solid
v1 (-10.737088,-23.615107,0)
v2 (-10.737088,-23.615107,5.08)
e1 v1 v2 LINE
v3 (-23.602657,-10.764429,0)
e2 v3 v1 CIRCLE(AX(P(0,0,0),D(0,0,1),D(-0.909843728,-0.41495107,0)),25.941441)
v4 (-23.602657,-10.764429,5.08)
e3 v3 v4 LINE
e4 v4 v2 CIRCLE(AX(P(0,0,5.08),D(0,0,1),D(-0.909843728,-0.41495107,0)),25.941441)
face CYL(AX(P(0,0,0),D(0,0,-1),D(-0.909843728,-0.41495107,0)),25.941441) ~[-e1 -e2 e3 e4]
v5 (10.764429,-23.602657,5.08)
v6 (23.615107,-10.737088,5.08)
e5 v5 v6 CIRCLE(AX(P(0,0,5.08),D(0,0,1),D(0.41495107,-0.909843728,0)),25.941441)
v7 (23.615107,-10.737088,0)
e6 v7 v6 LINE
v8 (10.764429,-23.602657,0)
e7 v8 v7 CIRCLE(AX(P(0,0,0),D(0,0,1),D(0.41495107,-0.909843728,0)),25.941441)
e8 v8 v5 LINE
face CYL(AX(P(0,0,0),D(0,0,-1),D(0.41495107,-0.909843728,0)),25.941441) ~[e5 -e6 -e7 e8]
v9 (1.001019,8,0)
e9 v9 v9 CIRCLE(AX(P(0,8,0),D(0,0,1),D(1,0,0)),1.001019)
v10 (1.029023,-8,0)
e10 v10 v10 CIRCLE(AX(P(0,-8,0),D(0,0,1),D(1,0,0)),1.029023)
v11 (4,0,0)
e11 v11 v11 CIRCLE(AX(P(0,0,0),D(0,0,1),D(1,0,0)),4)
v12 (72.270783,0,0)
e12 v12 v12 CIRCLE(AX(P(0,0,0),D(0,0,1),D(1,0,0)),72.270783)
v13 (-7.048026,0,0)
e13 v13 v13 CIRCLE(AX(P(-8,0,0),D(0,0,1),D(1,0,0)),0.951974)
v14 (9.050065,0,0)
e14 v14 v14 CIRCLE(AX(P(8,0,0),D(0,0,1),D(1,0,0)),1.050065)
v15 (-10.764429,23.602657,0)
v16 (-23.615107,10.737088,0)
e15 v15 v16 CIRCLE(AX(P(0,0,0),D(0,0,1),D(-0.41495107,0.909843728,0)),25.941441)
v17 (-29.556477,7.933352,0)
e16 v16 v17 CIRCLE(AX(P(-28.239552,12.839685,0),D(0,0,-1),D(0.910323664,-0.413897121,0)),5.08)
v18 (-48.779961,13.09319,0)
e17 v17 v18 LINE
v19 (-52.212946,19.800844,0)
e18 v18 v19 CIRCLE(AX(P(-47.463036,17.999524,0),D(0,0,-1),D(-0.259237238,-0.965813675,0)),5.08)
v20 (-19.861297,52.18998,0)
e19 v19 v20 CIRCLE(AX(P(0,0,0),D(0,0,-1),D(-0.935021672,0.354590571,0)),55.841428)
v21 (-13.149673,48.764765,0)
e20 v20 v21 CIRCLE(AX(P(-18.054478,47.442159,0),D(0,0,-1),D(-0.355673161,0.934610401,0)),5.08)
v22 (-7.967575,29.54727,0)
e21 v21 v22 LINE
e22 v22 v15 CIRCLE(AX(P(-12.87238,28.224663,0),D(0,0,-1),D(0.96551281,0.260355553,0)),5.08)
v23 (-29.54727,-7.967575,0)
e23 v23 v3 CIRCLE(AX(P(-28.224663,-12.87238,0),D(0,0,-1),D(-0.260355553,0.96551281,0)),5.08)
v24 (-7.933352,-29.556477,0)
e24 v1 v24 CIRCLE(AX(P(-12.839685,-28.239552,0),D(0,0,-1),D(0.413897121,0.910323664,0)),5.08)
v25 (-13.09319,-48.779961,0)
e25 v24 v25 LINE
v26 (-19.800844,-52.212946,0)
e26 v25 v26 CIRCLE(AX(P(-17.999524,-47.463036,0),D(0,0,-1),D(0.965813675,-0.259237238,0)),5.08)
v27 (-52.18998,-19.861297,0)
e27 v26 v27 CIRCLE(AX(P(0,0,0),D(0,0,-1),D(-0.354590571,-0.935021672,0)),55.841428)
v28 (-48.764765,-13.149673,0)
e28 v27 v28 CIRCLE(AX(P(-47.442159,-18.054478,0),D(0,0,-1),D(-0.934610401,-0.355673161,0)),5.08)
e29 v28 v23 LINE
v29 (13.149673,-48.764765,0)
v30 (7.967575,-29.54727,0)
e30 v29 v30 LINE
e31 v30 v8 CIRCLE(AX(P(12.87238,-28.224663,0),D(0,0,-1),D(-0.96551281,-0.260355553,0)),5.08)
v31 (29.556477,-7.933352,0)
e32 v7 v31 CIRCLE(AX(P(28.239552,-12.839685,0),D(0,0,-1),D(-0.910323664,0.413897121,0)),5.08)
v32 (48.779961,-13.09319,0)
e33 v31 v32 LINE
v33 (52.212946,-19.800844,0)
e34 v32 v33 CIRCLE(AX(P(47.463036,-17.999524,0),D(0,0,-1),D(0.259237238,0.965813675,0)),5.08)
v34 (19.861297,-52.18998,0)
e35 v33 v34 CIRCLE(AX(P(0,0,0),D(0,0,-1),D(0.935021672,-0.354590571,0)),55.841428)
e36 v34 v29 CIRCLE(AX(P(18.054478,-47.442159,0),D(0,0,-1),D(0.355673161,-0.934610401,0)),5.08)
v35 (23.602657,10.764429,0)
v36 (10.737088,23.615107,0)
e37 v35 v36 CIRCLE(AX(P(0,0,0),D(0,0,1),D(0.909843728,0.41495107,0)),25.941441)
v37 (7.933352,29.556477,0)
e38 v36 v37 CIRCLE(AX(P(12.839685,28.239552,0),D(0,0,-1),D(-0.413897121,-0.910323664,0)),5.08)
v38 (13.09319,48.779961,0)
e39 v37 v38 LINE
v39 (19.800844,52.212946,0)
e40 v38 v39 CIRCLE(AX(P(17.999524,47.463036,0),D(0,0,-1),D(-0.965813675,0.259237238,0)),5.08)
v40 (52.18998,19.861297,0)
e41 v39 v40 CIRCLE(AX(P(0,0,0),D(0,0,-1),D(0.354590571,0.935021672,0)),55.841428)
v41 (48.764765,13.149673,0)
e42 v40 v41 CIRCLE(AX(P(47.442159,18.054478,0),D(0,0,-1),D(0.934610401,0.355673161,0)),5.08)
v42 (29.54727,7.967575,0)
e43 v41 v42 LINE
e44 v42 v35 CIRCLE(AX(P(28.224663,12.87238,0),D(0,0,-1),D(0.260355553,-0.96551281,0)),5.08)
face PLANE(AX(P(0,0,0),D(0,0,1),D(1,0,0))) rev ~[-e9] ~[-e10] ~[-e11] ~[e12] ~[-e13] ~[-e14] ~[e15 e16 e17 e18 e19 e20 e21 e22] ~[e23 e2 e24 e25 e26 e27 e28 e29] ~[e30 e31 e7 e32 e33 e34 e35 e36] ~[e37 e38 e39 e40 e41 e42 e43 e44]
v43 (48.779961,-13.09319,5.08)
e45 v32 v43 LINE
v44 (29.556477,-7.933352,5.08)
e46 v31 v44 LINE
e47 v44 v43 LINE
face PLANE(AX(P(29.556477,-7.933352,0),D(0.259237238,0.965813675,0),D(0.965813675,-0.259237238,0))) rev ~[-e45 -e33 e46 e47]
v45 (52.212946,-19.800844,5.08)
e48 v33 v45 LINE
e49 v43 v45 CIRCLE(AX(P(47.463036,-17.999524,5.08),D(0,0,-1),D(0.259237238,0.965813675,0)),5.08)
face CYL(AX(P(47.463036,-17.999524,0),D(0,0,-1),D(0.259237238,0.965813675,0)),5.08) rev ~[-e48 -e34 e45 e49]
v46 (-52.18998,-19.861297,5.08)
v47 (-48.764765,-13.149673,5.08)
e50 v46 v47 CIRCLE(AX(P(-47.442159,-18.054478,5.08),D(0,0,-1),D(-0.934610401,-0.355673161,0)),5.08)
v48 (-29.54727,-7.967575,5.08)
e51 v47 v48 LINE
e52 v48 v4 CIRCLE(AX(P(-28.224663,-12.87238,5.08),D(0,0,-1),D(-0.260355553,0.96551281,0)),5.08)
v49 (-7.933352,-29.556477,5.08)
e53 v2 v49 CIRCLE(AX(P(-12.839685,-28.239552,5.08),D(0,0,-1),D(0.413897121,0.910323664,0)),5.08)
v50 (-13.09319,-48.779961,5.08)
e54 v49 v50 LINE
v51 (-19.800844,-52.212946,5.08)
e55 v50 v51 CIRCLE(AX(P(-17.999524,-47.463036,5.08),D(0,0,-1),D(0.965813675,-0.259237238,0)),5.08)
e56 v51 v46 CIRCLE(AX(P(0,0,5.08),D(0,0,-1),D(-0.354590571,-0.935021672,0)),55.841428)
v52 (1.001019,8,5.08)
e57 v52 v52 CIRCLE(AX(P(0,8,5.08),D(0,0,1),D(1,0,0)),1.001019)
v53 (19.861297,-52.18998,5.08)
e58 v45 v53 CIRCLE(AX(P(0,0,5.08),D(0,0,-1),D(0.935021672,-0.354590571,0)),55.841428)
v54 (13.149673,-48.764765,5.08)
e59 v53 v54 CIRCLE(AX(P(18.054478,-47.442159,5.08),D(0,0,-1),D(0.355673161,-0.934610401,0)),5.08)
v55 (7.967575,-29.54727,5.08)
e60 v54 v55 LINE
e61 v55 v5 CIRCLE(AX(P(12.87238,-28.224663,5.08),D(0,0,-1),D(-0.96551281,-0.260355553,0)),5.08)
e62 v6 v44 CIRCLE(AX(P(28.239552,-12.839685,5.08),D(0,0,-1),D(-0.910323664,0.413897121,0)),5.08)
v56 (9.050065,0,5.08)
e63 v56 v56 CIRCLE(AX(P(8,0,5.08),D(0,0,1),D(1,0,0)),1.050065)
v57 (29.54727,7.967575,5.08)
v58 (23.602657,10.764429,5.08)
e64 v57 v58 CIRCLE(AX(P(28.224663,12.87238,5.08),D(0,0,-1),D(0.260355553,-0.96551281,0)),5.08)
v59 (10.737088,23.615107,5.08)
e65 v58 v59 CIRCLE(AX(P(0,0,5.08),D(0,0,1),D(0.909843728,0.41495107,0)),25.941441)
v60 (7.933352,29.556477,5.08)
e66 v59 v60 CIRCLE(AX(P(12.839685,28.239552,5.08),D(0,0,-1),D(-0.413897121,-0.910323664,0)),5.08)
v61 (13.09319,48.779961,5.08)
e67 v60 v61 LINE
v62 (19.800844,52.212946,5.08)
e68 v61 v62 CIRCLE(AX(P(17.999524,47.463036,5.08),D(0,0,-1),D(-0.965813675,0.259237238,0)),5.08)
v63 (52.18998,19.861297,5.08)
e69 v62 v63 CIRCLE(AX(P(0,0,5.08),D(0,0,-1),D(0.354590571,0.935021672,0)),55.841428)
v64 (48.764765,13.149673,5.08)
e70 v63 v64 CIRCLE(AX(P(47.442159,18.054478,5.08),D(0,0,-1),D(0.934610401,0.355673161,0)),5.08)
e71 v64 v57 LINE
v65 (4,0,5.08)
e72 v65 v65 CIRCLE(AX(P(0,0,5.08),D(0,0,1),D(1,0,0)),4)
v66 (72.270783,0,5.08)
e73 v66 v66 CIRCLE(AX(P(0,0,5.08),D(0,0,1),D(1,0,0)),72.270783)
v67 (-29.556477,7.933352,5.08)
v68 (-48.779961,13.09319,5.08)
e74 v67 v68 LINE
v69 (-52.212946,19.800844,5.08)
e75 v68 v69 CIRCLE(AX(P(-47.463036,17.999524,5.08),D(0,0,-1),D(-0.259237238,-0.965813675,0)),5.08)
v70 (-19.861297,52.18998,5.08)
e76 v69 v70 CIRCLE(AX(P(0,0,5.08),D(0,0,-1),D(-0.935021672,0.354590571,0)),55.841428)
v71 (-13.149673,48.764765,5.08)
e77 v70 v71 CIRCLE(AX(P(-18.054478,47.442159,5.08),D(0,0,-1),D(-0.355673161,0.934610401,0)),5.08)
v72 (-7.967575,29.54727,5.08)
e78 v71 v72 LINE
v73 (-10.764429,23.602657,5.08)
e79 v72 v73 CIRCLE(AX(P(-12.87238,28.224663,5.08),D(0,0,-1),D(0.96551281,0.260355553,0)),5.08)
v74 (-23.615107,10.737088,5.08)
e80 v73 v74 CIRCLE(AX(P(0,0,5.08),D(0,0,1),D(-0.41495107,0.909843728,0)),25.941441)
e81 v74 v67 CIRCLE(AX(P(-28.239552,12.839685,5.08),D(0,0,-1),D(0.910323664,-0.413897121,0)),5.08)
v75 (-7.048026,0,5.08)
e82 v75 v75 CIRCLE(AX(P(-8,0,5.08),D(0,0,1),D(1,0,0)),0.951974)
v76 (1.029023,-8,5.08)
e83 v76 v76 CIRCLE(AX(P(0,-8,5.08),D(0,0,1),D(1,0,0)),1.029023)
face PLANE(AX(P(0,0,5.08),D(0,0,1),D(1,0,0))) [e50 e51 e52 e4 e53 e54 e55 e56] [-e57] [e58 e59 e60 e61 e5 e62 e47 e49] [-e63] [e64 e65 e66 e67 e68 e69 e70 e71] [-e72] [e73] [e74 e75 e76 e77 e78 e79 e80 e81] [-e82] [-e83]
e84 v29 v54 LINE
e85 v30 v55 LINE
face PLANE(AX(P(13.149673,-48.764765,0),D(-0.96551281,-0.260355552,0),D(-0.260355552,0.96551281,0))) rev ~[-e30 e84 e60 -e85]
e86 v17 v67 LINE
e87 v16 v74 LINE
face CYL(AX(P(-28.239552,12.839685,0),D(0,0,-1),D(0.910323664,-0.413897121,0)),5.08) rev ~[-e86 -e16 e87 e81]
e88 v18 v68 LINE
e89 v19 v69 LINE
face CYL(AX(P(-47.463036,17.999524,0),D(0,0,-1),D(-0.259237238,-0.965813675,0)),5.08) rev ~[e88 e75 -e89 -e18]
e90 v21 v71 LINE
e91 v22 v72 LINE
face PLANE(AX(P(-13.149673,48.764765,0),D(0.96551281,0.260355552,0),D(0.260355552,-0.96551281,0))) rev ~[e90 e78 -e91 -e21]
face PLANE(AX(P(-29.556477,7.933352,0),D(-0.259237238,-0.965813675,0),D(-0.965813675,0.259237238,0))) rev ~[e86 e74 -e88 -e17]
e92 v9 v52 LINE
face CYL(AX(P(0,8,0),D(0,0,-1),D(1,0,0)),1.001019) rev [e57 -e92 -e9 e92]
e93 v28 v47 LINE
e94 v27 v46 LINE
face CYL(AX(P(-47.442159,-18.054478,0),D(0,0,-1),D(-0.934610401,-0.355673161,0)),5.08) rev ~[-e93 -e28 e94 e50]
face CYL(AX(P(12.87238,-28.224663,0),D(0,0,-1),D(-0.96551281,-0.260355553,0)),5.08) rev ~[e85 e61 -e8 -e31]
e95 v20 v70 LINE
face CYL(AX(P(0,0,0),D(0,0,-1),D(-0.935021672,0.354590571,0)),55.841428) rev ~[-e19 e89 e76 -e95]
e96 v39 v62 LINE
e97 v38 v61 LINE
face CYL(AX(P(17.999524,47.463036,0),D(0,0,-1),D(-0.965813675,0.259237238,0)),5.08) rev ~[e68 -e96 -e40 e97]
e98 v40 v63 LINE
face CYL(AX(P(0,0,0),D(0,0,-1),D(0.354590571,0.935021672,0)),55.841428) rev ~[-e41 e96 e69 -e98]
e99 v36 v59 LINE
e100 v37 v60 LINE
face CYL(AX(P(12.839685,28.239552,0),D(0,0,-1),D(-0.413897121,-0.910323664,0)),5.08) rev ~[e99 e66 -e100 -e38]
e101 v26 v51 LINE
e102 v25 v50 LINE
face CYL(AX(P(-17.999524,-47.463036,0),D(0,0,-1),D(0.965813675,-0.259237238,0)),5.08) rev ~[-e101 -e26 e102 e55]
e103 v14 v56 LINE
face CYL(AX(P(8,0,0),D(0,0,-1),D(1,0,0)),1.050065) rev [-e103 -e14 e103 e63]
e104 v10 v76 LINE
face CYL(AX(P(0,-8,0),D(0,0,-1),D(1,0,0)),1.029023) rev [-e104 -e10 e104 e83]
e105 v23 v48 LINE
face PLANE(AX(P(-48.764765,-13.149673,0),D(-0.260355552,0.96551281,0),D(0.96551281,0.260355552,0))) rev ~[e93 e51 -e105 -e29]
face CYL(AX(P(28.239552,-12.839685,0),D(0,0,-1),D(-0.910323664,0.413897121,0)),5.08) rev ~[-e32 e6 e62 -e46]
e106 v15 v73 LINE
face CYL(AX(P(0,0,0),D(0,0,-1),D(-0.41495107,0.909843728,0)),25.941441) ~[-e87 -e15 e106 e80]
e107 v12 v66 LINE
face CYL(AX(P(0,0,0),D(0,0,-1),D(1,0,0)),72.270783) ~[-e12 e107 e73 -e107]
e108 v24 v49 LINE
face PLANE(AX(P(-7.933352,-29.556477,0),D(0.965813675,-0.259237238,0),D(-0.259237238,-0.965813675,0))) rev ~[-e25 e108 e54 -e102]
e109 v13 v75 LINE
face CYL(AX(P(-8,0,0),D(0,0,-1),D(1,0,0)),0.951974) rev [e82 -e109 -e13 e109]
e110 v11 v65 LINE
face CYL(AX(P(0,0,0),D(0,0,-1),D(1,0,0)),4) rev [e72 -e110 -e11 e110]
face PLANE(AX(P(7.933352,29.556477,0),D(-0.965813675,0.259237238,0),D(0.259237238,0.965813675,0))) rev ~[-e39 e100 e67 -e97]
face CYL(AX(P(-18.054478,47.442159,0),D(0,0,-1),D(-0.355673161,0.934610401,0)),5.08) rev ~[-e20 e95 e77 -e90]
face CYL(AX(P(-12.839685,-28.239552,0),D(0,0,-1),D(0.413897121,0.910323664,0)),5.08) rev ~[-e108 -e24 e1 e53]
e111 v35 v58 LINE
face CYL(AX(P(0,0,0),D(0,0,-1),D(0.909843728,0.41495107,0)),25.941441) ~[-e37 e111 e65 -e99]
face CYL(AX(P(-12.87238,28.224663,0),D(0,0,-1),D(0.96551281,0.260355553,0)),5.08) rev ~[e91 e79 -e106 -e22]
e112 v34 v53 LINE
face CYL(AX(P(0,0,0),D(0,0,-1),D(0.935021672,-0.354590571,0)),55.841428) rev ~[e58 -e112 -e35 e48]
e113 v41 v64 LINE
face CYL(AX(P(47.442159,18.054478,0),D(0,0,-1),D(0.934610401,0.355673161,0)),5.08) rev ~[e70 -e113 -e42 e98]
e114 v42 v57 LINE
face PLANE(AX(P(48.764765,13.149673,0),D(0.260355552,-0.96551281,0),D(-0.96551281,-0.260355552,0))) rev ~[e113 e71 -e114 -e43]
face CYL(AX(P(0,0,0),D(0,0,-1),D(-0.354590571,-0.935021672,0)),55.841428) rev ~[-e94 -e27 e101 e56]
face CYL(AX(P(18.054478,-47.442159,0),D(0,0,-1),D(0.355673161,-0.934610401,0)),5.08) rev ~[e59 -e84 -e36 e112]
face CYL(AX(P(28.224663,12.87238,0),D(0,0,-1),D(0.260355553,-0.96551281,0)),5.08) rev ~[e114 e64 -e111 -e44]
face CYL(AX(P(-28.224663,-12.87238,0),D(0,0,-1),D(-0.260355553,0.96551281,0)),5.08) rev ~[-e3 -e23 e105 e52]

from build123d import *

# Parameters (mm, degrees)
SKETCH1_R           = 72.270783293
SKETCH1_R_2         = 1.029023024
SKETCH1_R_3         = 0.951973647
SKETCH1_R_4         = 4
SKETCH1_R_5         = 1.050065139
SKETCH1_R_6         = 1.001019393
BOSS_EXTRUDE1_DEPTH = 5.08


with BuildPart() as part:
    # Sketch1 → Boss-Extrude1 (new body)
    with BuildSketch(Plane.XY):
        Circle(SKETCH1_R)
        with BuildLine():
            ThreePointArc((-10.737087643, -23.615107406), (-8.245531622, -26.07156763), (-7.93335155, -29.556476789))
            Line((-7.93335155, -29.556476789), (-13.09319037, -48.779960759))
            ThreePointArc((-13.09319037, -48.779960759), (-15.685085812, -51.985178513), (-19.800843937, -52.212945683))
            ThreePointArc((-19.800843937, -52.212945683), (-39.462982159, -39.508709884), (-52.189979739, -19.86129735))
            ThreePointArc((-52.189979739, -19.86129735), (-51.966979092, -15.745278212), (-48.764765106, -13.149672615))
            Line((-48.764765106, -13.149672615), (-29.547269525, -7.967574951))
            ThreePointArc((-29.547269525, -7.967574951), (-26.062001174, -8.275719015), (-23.60265718, -10.764428592))
            ThreePointArc((-23.60265718, -10.764428592), (-18.33274407, -18.353987134), (-10.737087643, -23.615107406))
        make_face(mode=Mode.SUBTRACT)
        with BuildLine():
            ThreePointArc((23.615107406, -10.737087643), (26.07156763, -8.245531622), (29.556476789, -7.93335155))
            Line((29.556476789, -7.93335155), (48.779960759, -13.09319037))
            ThreePointArc((48.779960759, -13.09319037), (51.985178513, -15.685085812), (52.212945683, -19.800843937))
            ThreePointArc((52.212945683, -19.800843937), (39.508709884, -39.462982159), (19.86129735, -52.189979739))
            ThreePointArc((19.86129735, -52.189979739), (15.745278212, -51.966979092), (13.149672615, -48.764765106))
            Line((13.149672615, -48.764765106), (7.967574951, -29.547269525))
            ThreePointArc((7.967574951, -29.547269525), (8.275719015, -26.062001174), (10.764428592, -23.60265718))
            ThreePointArc((10.764428592, -23.60265718), (18.353987134, -18.33274407), (23.615107406, -10.737087643))
        make_face(mode=Mode.SUBTRACT)
        with Locations((0, -8)):
            Circle(SKETCH1_R_2, mode=Mode.SUBTRACT)
        with Locations((-8, 0)):
            Circle(SKETCH1_R_3, mode=Mode.SUBTRACT)
        with BuildLine():
            ThreePointArc((-23.615107406, 10.737087643), (-26.07156763, 8.245531622), (-29.556476789, 7.93335155))
            Line((-29.556476789, 7.93335155), (-48.779960759, 13.09319037))
            ThreePointArc((-48.779960759, 13.09319037), (-51.985178513, 15.685085812), (-52.212945683, 19.800843937))
            ThreePointArc((-52.212945683, 19.800843937), (-39.508709884, 39.462982159), (-19.86129735, 52.189979739))
            ThreePointArc((-19.86129735, 52.189979739), (-15.745278212, 51.966979092), (-13.149672615, 48.764765106))
            Line((-13.149672615, 48.764765106), (-7.967574951, 29.547269525))
            ThreePointArc((-7.967574951, 29.547269525), (-8.275719015, 26.062001174), (-10.764428592, 23.60265718))
            ThreePointArc((-10.764428592, 23.60265718), (-18.353987134, 18.33274407), (-23.615107406, 10.737087643))
        make_face(mode=Mode.SUBTRACT)
        Circle(SKETCH1_R_4, mode=Mode.SUBTRACT)
        with Locations((8, 0)):
            Circle(SKETCH1_R_5, mode=Mode.SUBTRACT)
        with Locations((0, 8)):
            Circle(SKETCH1_R_6, mode=Mode.SUBTRACT)
        with BuildLine():
            ThreePointArc((10.737087643, 23.615107406), (8.245531622, 26.07156763), (7.93335155, 29.556476789))
            Line((7.93335155, 29.556476789), (13.09319037, 48.779960759))
            ThreePointArc((13.09319037, 48.779960759), (15.685085812, 51.985178513), (19.800843937, 52.212945683))
            ThreePointArc((19.800843937, 52.212945683), (39.462982159, 39.508709884), (52.189979739, 19.86129735))
            ThreePointArc((52.189979739, 19.86129735), (51.966979092, 15.745278212), (48.764765106, 13.149672615))
            Line((48.764765106, 13.149672615), (29.547269525, 7.967574951))
            ThreePointArc((29.547269525, 7.967574951), (26.062001174, 8.275719015), (23.60265718, 10.764428592))
            ThreePointArc((23.60265718, 10.764428592), (18.33274407, 18.353987134), (10.737087643, 23.615107406))
        make_face(mode=Mode.SUBTRACT)
    extrude(amount=BOSS_EXTRUDE1_DEPTH)


solid = part.part
